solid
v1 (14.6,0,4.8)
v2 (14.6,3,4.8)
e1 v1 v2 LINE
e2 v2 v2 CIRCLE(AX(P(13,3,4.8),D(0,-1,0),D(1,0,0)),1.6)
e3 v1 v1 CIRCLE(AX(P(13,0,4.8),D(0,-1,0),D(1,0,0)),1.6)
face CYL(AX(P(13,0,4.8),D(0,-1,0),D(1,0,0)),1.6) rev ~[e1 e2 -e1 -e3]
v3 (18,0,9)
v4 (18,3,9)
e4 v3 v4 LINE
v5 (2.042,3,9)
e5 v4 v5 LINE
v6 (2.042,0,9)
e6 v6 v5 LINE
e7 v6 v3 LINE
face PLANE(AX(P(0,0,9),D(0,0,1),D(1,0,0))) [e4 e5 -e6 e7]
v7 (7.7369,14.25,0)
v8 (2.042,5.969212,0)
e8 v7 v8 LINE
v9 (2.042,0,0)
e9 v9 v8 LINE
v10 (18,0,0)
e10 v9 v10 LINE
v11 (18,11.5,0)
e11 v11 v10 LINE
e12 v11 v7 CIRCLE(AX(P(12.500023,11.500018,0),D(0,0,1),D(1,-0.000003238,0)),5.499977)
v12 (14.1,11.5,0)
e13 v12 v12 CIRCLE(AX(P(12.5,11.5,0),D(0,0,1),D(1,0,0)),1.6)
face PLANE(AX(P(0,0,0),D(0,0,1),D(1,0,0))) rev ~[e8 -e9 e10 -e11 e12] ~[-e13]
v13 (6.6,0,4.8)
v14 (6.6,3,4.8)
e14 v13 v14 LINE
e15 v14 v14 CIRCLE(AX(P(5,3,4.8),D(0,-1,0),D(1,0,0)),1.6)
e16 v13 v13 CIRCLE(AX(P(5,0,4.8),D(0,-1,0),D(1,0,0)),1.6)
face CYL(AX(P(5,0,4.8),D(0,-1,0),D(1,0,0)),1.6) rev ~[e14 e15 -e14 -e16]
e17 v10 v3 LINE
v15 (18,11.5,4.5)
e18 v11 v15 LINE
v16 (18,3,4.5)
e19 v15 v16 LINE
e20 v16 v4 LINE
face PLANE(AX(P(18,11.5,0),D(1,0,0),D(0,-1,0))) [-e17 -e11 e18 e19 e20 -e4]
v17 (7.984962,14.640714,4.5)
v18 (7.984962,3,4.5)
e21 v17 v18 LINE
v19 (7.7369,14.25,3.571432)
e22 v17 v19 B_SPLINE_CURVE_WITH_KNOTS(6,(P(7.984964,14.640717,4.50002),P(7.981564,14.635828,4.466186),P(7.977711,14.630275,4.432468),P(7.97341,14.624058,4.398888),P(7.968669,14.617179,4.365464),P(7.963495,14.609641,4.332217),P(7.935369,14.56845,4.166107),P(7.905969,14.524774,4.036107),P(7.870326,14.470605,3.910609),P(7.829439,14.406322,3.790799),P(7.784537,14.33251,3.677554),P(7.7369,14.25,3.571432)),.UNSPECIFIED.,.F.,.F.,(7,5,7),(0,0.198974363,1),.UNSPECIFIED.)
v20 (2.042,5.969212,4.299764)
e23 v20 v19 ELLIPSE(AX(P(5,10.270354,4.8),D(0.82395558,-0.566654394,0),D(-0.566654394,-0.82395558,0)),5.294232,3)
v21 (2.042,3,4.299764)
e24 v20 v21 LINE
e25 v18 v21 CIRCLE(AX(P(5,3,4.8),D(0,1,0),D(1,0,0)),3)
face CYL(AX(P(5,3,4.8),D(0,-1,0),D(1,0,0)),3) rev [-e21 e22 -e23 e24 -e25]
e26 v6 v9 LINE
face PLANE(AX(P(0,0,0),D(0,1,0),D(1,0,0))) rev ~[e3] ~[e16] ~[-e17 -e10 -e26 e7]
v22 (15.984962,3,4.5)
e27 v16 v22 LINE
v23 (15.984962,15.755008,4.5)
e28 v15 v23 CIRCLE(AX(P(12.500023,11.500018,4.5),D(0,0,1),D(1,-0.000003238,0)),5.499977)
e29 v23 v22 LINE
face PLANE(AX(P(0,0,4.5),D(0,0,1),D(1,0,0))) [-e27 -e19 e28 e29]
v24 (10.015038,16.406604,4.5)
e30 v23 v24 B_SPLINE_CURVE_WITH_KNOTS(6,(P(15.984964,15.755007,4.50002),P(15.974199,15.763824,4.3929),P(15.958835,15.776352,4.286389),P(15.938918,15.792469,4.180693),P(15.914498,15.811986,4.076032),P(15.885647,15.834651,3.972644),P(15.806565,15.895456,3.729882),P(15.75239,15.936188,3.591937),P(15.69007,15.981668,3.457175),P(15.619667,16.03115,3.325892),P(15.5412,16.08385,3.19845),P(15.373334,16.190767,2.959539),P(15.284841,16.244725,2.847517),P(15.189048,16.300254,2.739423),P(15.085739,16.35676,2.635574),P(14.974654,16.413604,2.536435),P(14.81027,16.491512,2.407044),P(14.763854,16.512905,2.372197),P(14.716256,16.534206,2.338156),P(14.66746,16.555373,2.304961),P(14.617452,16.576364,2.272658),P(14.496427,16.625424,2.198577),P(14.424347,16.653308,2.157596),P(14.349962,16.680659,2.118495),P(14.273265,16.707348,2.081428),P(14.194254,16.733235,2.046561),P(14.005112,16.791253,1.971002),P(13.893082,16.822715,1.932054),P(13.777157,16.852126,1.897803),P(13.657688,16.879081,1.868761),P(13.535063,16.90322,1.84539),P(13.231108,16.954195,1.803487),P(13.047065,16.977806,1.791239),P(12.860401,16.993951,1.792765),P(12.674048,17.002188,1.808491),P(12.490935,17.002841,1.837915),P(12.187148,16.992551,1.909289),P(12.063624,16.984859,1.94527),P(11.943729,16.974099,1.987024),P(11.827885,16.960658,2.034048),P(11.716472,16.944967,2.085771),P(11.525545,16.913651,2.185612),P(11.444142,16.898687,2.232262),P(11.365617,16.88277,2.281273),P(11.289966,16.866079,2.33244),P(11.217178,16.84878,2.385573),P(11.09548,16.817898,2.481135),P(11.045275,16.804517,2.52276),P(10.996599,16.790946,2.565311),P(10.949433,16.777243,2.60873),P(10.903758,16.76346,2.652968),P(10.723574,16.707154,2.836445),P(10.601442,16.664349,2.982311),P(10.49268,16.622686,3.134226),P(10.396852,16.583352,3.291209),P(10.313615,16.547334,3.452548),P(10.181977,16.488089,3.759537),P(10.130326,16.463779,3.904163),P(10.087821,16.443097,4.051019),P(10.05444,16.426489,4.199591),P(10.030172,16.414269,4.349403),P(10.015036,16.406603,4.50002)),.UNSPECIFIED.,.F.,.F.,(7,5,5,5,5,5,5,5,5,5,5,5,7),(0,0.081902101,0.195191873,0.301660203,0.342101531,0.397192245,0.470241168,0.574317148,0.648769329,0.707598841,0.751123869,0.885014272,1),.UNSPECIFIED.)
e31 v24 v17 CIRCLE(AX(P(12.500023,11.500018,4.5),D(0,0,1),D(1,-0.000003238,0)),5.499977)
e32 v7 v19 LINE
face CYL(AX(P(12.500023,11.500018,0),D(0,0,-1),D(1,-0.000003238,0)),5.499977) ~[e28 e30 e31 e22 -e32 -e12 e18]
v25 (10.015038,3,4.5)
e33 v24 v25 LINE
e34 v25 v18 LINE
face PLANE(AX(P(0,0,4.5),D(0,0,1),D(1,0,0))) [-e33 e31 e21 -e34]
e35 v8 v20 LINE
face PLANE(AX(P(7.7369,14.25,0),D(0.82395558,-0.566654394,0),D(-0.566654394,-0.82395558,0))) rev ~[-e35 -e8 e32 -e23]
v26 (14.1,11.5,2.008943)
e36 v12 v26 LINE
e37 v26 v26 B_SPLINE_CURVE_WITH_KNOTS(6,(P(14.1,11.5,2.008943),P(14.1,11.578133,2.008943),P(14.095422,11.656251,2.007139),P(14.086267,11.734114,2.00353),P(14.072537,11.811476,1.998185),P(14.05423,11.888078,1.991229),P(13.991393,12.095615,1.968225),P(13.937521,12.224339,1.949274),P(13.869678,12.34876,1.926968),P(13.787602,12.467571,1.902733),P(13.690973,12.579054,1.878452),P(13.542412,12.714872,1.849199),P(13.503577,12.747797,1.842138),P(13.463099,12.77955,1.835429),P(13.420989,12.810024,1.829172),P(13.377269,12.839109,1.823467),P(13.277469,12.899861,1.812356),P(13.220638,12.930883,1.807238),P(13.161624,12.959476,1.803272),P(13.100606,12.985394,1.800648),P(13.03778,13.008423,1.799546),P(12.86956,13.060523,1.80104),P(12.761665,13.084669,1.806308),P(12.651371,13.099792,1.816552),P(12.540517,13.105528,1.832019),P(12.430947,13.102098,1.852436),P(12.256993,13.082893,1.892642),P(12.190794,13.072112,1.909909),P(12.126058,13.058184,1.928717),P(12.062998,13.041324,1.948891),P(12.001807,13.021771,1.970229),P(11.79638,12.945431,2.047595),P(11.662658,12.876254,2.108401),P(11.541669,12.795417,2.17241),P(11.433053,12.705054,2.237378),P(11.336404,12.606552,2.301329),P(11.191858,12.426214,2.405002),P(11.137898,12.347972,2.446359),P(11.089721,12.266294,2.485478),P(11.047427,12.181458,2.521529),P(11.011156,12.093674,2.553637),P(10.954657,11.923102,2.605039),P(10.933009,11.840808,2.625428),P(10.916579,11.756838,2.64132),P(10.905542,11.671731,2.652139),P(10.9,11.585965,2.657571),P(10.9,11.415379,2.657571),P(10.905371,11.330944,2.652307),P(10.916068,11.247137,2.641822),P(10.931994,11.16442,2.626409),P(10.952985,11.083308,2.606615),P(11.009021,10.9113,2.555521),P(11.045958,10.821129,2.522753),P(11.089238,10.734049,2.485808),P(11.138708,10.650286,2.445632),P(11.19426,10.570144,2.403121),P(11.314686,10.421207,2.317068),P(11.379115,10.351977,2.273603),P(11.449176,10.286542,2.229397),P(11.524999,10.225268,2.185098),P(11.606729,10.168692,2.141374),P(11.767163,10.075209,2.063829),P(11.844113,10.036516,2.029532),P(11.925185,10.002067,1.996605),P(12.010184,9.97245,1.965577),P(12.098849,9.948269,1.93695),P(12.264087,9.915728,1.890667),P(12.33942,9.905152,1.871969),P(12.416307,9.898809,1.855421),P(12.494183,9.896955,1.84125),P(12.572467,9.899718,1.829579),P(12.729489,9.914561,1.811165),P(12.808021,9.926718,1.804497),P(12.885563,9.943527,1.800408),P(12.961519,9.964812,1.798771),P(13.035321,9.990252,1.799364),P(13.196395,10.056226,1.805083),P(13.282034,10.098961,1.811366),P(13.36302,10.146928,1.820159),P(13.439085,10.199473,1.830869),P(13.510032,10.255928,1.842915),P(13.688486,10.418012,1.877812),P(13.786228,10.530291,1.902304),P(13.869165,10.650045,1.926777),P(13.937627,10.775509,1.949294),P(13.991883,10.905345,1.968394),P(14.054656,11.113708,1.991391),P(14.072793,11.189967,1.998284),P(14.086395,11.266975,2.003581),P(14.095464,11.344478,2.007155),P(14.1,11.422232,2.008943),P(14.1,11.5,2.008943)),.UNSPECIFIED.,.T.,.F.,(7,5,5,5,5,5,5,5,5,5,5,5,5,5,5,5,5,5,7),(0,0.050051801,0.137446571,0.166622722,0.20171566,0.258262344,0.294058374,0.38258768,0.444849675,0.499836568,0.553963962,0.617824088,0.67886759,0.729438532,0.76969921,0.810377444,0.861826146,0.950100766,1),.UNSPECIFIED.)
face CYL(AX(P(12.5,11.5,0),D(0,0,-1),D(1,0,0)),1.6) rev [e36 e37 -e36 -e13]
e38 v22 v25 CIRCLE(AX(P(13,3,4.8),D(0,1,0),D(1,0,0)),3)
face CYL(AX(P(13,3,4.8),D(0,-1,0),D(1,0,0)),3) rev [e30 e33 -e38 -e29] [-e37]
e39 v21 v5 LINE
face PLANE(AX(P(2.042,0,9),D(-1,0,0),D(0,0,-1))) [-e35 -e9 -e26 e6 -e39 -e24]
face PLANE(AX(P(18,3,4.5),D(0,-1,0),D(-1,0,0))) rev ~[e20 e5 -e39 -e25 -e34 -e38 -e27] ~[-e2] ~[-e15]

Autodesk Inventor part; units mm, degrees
ref_plane "YZ Plane" through (0, 0, 0) normal (1, 0, 0) x (0, 1, 0)
ref_plane "XZ Plane" through (0, 0, 0) normal (0, 1, 0) x (-1, 0, 0)
ref_plane "XY Plane" through (0, 0, 0) normal (0, 0, 1) x (1, 0, 0)
sketch "Sketch1" plane through (0, 0, 0) normal (0, 0, 1) x (1, 0, 0)
  circle A0 centre (12.5, 11.5) radius 1.6
  line L0 (0, 0) -> (18, 0)
  line L1 (0, 0) -> (0, 3)
  arc A1 (18, 11.5) -> (7.7369, 14.25) centre (12.5, 11.5) ccw
  line L2 (12.5, 11.5) -> (7.7369, 14.25) construction
  line L3 (12.5, 11.5) -> (18, 11.5) construction
  line L4 (7.7369, 14.25) -> (0, 3)
  line L5 (18, 11.5) -> (18, 0)
  dimension "d17" = 3
  dimension "d19" = 11.5
  dimension "d23" = 90
  dimension "d25" = 12.5
  dimension "d31" = 5.5
  dimension "d32" = 150
  dimension "d49" = 3.2
  dimension "d51" = 18
extrude "Extrusion1" add sketch "Sketch1" along normal blind 4.5
sketch "Sketch4" plane through (0, 0, 4.5) normal (0, 0, 1) x (1, 0, 0)
  line L0 (0, 3) -> (0, 0) projected
  line L1 (18, 0) -> (18, 3)
  line L2 (0, 0) -> (18, 0)
  line L3 (18, 0) -> (18, 3)
  line L4 (18, 3) -> (0, 3)
  line L5 (0, 3) -> (0, 0)
  line L6 (18, 0) -> (18, 11.5) projected
extrude "Extrusion2" add sketch "Sketch4" along normal blind 4.5
sketch "Sketch5" plane through (0, 0, 0) normal (0, -1, 0) x (1, 0, 0)
  circle A0 centre (5, 4.8) radius 1.6
  circle A1 centre (13, 4.8) radius 1.6
  line L0 (0, 0) -> (18, 0) projected
  line L1 (0, 4.5) -> (0, 9) projected
  point P0 (20.0001, 0)
  dimension "d13" = 3.2
  dimension "d14" = 3.2
  dimension "d38" = 4.8
  dimension "d39" = 4.8
  dimension "d50" = 8
  dimension "d52" = 5
extrude "Extrusion3" cut sketch "Sketch5" against normal through all
sketch "Sketch6" plane through (0, 3, 9) normal (0, 1, 0) x (1, 0, 0)
  circle A0 centre (5, 4.2) radius 1.6 projected
  circle A1 centre (5, 4.2) radius 3
  circle A2 centre (13, 4.2) radius 1.6 projected
  circle A3 centre (13, 4.2) radius 3
  line L0 (0, 9) -> (18, 9) projected
  point P0 (20.0001, 9)
  dimension "d34" = 6
  dimension "d35" = 6
  dimension "d40" = 4.8
  dimension "d41" = 4.8
extrude "Extrusion4" cut sketch "Sketch6" along normal up to next
sketch "Sketch7" plane through (0, 0, 0) normal (0, -1, 0) x (1, 0, 0)
  line L0 (0, 0) -> (0, 9) projected
  line L1 (2.042, 0) -> (0, 0)
  line L2 (0, 0) -> (0, 9)
  line L3 (0, 9) -> (2.042, 9)
  line L4 (2.042, 9) -> (2.042, 0)
extrude "Extrusion5" cut sketch "Sketch7" against normal up to next
properties part number "lower_deck_shaft_mount_v4_printing"
